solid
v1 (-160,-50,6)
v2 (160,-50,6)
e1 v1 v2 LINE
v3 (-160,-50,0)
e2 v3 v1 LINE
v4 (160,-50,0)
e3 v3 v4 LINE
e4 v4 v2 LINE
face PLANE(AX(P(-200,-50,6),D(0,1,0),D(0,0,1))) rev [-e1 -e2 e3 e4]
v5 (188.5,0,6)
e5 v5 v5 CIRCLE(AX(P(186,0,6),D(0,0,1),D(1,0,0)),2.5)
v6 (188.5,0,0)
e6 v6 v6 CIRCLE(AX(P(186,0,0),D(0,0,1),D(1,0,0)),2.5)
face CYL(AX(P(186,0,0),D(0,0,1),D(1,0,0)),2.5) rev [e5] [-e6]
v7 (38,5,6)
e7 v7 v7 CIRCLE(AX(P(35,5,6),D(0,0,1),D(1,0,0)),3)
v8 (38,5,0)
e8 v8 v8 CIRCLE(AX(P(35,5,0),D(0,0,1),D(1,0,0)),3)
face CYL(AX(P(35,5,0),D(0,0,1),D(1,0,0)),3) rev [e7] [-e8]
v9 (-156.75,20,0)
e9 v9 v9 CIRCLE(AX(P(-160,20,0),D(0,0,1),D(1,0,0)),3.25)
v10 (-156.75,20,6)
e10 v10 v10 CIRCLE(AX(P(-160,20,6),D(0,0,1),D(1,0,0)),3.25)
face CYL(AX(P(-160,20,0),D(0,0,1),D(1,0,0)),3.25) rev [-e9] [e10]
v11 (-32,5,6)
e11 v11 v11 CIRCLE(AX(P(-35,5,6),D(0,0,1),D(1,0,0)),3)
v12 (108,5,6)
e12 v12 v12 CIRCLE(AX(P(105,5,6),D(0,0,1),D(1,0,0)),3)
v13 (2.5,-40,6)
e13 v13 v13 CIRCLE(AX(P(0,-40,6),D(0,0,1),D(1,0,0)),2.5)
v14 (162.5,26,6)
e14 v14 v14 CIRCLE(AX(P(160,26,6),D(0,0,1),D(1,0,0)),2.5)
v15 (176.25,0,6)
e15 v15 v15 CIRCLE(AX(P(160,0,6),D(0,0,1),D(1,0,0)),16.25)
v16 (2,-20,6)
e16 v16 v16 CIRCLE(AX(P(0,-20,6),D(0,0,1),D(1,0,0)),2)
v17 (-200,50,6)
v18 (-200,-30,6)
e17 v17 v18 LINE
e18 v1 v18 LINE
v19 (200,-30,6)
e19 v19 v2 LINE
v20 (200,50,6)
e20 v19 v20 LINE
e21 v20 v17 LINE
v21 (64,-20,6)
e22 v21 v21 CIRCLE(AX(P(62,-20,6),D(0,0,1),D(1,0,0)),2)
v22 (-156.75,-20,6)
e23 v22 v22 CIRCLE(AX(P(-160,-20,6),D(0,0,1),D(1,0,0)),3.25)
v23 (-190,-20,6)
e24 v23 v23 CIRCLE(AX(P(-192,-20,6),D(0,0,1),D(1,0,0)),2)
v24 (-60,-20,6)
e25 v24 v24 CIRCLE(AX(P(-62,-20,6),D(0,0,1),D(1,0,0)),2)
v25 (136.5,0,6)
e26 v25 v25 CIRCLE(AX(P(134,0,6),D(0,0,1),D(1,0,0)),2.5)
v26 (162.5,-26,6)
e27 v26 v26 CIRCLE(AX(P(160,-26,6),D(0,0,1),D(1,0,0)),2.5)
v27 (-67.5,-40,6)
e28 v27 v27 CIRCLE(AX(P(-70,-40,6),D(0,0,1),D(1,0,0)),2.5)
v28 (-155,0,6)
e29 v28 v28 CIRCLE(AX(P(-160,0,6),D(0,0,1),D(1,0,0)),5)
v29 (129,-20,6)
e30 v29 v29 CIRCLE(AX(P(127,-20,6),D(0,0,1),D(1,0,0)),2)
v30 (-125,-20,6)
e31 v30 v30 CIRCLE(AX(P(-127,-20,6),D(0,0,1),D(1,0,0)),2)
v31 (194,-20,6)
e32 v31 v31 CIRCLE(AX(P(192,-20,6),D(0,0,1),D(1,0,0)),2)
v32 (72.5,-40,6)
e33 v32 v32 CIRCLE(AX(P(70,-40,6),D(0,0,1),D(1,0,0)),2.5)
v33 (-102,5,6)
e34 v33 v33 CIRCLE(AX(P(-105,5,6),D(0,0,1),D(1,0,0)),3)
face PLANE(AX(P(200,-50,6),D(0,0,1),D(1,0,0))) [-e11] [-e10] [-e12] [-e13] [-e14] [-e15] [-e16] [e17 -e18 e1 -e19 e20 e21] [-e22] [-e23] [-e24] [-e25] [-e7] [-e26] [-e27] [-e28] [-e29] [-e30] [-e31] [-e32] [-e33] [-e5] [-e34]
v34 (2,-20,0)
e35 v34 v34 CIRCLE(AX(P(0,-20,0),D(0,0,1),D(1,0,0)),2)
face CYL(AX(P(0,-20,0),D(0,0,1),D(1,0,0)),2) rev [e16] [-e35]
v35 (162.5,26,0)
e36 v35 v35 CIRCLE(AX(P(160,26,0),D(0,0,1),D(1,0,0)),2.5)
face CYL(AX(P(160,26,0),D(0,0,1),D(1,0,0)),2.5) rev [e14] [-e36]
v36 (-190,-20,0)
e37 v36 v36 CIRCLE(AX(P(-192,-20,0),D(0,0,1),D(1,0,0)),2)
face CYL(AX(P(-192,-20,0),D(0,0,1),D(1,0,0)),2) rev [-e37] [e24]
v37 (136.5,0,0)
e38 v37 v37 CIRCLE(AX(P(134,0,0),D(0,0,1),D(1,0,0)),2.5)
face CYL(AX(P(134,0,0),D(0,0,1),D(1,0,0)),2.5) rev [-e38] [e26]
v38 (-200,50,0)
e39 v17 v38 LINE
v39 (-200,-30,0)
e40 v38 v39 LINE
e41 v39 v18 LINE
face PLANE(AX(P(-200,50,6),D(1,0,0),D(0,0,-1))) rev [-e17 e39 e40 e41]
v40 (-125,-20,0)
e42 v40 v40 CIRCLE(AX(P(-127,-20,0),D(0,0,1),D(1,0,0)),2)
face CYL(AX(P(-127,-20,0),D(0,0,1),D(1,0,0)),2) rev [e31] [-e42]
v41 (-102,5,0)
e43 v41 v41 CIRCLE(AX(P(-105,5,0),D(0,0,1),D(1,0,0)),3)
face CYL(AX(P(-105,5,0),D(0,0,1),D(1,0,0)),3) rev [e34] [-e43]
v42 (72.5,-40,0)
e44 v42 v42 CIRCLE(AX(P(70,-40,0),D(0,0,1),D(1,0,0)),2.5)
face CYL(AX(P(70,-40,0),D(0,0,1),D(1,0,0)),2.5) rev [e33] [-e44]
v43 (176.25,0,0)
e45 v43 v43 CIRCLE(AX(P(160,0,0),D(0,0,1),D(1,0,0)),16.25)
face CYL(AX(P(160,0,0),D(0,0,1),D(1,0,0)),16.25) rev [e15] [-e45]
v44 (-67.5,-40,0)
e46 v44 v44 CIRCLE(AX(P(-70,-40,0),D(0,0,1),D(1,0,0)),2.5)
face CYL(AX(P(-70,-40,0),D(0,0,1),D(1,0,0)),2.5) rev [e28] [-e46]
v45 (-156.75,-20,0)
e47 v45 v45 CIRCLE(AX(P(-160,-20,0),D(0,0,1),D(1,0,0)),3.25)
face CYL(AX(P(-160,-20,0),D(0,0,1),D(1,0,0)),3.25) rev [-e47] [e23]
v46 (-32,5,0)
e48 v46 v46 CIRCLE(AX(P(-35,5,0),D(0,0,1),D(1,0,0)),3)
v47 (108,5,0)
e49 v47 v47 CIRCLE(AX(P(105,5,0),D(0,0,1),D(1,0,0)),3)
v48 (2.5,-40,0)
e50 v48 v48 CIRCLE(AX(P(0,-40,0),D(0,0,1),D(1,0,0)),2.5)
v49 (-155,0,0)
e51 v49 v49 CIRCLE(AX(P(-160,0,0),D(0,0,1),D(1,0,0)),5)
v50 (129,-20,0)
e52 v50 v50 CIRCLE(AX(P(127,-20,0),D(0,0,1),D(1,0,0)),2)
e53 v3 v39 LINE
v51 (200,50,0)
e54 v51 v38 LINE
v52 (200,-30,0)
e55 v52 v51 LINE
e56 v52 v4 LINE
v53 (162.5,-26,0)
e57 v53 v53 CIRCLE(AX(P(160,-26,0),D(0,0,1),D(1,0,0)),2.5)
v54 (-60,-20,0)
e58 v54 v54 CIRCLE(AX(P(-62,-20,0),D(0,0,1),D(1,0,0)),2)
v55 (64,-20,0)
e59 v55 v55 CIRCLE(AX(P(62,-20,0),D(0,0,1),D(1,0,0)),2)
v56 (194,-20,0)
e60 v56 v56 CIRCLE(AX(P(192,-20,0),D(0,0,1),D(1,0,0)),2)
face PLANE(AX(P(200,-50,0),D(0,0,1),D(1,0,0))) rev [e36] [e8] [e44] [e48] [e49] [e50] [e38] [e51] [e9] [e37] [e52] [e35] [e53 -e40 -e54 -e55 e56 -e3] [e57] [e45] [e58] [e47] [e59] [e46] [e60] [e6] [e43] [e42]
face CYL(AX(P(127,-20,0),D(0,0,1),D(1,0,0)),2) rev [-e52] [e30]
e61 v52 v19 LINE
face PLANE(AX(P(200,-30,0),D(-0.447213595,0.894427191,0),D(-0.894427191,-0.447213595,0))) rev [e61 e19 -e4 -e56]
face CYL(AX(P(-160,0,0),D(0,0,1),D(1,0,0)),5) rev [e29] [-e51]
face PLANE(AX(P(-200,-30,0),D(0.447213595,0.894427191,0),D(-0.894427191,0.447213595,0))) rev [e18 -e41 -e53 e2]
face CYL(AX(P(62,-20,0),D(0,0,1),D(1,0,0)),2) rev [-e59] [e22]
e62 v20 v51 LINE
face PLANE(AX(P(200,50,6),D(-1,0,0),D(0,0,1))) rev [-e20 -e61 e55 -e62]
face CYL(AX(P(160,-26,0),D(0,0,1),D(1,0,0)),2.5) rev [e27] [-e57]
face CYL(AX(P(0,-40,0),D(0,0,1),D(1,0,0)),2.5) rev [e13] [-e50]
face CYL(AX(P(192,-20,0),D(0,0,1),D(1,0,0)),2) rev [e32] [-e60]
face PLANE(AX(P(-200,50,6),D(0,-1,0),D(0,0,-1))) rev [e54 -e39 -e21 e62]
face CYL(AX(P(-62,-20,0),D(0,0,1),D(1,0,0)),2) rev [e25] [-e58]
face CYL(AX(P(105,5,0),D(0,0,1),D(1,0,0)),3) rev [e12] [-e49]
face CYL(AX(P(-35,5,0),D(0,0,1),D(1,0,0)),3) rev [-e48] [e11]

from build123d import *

# Parameters (mm, degrees)
SKETCH_1_W          = 400
SKETCH_1_H          = 100
EXTRUDE_1_DEPTH     = 6
SKETCH_2_R          = 5
SKETCH_2_R_2        = 3.25
SKETCH_2_R_3        = 16.25
SKETCH_2_R_4        = 2.5
CUT_EXTRUDE_2_DEPTH = 207.242575624
SKETCH_3_R          = 3
SKETCH_3_R_2        = 2
SKETCH_3_R_3        = 2.5
CUT_EXTRUDE_3_DEPTH = 207.242575624


with BuildPart() as part:
    # 草圖1 → 伸長1 (new body)
    with BuildSketch(Plane.XY):
        Rectangle(SKETCH_1_W, SKETCH_1_H)
    extrude(amount=EXTRUDE_1_DEPTH)

    # 草圖2 → 伸長2 (cut, through all)
    with BuildSketch(Plane.XY.offset(6)):
        with Locations((-160, 0)):
            Circle(SKETCH_2_R)
        with Locations((-160, 20)):
            Circle(SKETCH_2_R_2)
        with Locations((-160, -20)):
            Circle(SKETCH_2_R_2)
        with Locations((160, 0)):
            Circle(SKETCH_2_R_3)
        with Locations((160, 26)):
            Circle(SKETCH_2_R_4)
        with Locations((134, 0)):
            Circle(SKETCH_2_R_4)
        with Locations((186, 0)):
            Circle(SKETCH_2_R_4)
        with Locations((160, -26)):
            Circle(SKETCH_2_R_4)
        Polygon((-200, -30), (-160, -50), (-200, -50), align=None)
        Polygon((200, -50), (200, -30), (160, -50), align=None)
    extrude(amount=-CUT_EXTRUDE_2_DEPTH, mode=Mode.SUBTRACT)

    # 草圖3 → 伸長3 (cut, through all)
    with BuildSketch(Plane.XY.offset(6)):
        with Locations((-105, 5)):
            Circle(SKETCH_3_R)
        with Locations((-35, 5)):
            Circle(SKETCH_3_R)
        with Locations((35, 5)):
            Circle(SKETCH_3_R)
        with Locations((105, 5)):
            Circle(SKETCH_3_R)
        with Locations((-62, -20)):
            Circle(SKETCH_3_R_2)
        with Locations((0, -20)):
            Circle(SKETCH_3_R_2)
        with Locations((62, -20)):
            Circle(SKETCH_3_R_2)
        with Locations((-192, -20)):
            Circle(SKETCH_3_R_2)
        with Locations((127, -20)):
            Circle(SKETCH_3_R_2)
        with Locations((-127, -20)):
            Circle(SKETCH_3_R_2)
        with Locations((192, -20)):
            Circle(SKETCH_3_R_2)
        with Locations((-70, -40)):
            Circle(SKETCH_3_R_3)
        with Locations((0, -40)):
            Circle(SKETCH_3_R_3)
        with Locations((70, -40)):
            Circle(SKETCH_3_R_3)
    extrude(amount=-CUT_EXTRUDE_3_DEPTH, mode=Mode.SUBTRACT)


solid = part.part
